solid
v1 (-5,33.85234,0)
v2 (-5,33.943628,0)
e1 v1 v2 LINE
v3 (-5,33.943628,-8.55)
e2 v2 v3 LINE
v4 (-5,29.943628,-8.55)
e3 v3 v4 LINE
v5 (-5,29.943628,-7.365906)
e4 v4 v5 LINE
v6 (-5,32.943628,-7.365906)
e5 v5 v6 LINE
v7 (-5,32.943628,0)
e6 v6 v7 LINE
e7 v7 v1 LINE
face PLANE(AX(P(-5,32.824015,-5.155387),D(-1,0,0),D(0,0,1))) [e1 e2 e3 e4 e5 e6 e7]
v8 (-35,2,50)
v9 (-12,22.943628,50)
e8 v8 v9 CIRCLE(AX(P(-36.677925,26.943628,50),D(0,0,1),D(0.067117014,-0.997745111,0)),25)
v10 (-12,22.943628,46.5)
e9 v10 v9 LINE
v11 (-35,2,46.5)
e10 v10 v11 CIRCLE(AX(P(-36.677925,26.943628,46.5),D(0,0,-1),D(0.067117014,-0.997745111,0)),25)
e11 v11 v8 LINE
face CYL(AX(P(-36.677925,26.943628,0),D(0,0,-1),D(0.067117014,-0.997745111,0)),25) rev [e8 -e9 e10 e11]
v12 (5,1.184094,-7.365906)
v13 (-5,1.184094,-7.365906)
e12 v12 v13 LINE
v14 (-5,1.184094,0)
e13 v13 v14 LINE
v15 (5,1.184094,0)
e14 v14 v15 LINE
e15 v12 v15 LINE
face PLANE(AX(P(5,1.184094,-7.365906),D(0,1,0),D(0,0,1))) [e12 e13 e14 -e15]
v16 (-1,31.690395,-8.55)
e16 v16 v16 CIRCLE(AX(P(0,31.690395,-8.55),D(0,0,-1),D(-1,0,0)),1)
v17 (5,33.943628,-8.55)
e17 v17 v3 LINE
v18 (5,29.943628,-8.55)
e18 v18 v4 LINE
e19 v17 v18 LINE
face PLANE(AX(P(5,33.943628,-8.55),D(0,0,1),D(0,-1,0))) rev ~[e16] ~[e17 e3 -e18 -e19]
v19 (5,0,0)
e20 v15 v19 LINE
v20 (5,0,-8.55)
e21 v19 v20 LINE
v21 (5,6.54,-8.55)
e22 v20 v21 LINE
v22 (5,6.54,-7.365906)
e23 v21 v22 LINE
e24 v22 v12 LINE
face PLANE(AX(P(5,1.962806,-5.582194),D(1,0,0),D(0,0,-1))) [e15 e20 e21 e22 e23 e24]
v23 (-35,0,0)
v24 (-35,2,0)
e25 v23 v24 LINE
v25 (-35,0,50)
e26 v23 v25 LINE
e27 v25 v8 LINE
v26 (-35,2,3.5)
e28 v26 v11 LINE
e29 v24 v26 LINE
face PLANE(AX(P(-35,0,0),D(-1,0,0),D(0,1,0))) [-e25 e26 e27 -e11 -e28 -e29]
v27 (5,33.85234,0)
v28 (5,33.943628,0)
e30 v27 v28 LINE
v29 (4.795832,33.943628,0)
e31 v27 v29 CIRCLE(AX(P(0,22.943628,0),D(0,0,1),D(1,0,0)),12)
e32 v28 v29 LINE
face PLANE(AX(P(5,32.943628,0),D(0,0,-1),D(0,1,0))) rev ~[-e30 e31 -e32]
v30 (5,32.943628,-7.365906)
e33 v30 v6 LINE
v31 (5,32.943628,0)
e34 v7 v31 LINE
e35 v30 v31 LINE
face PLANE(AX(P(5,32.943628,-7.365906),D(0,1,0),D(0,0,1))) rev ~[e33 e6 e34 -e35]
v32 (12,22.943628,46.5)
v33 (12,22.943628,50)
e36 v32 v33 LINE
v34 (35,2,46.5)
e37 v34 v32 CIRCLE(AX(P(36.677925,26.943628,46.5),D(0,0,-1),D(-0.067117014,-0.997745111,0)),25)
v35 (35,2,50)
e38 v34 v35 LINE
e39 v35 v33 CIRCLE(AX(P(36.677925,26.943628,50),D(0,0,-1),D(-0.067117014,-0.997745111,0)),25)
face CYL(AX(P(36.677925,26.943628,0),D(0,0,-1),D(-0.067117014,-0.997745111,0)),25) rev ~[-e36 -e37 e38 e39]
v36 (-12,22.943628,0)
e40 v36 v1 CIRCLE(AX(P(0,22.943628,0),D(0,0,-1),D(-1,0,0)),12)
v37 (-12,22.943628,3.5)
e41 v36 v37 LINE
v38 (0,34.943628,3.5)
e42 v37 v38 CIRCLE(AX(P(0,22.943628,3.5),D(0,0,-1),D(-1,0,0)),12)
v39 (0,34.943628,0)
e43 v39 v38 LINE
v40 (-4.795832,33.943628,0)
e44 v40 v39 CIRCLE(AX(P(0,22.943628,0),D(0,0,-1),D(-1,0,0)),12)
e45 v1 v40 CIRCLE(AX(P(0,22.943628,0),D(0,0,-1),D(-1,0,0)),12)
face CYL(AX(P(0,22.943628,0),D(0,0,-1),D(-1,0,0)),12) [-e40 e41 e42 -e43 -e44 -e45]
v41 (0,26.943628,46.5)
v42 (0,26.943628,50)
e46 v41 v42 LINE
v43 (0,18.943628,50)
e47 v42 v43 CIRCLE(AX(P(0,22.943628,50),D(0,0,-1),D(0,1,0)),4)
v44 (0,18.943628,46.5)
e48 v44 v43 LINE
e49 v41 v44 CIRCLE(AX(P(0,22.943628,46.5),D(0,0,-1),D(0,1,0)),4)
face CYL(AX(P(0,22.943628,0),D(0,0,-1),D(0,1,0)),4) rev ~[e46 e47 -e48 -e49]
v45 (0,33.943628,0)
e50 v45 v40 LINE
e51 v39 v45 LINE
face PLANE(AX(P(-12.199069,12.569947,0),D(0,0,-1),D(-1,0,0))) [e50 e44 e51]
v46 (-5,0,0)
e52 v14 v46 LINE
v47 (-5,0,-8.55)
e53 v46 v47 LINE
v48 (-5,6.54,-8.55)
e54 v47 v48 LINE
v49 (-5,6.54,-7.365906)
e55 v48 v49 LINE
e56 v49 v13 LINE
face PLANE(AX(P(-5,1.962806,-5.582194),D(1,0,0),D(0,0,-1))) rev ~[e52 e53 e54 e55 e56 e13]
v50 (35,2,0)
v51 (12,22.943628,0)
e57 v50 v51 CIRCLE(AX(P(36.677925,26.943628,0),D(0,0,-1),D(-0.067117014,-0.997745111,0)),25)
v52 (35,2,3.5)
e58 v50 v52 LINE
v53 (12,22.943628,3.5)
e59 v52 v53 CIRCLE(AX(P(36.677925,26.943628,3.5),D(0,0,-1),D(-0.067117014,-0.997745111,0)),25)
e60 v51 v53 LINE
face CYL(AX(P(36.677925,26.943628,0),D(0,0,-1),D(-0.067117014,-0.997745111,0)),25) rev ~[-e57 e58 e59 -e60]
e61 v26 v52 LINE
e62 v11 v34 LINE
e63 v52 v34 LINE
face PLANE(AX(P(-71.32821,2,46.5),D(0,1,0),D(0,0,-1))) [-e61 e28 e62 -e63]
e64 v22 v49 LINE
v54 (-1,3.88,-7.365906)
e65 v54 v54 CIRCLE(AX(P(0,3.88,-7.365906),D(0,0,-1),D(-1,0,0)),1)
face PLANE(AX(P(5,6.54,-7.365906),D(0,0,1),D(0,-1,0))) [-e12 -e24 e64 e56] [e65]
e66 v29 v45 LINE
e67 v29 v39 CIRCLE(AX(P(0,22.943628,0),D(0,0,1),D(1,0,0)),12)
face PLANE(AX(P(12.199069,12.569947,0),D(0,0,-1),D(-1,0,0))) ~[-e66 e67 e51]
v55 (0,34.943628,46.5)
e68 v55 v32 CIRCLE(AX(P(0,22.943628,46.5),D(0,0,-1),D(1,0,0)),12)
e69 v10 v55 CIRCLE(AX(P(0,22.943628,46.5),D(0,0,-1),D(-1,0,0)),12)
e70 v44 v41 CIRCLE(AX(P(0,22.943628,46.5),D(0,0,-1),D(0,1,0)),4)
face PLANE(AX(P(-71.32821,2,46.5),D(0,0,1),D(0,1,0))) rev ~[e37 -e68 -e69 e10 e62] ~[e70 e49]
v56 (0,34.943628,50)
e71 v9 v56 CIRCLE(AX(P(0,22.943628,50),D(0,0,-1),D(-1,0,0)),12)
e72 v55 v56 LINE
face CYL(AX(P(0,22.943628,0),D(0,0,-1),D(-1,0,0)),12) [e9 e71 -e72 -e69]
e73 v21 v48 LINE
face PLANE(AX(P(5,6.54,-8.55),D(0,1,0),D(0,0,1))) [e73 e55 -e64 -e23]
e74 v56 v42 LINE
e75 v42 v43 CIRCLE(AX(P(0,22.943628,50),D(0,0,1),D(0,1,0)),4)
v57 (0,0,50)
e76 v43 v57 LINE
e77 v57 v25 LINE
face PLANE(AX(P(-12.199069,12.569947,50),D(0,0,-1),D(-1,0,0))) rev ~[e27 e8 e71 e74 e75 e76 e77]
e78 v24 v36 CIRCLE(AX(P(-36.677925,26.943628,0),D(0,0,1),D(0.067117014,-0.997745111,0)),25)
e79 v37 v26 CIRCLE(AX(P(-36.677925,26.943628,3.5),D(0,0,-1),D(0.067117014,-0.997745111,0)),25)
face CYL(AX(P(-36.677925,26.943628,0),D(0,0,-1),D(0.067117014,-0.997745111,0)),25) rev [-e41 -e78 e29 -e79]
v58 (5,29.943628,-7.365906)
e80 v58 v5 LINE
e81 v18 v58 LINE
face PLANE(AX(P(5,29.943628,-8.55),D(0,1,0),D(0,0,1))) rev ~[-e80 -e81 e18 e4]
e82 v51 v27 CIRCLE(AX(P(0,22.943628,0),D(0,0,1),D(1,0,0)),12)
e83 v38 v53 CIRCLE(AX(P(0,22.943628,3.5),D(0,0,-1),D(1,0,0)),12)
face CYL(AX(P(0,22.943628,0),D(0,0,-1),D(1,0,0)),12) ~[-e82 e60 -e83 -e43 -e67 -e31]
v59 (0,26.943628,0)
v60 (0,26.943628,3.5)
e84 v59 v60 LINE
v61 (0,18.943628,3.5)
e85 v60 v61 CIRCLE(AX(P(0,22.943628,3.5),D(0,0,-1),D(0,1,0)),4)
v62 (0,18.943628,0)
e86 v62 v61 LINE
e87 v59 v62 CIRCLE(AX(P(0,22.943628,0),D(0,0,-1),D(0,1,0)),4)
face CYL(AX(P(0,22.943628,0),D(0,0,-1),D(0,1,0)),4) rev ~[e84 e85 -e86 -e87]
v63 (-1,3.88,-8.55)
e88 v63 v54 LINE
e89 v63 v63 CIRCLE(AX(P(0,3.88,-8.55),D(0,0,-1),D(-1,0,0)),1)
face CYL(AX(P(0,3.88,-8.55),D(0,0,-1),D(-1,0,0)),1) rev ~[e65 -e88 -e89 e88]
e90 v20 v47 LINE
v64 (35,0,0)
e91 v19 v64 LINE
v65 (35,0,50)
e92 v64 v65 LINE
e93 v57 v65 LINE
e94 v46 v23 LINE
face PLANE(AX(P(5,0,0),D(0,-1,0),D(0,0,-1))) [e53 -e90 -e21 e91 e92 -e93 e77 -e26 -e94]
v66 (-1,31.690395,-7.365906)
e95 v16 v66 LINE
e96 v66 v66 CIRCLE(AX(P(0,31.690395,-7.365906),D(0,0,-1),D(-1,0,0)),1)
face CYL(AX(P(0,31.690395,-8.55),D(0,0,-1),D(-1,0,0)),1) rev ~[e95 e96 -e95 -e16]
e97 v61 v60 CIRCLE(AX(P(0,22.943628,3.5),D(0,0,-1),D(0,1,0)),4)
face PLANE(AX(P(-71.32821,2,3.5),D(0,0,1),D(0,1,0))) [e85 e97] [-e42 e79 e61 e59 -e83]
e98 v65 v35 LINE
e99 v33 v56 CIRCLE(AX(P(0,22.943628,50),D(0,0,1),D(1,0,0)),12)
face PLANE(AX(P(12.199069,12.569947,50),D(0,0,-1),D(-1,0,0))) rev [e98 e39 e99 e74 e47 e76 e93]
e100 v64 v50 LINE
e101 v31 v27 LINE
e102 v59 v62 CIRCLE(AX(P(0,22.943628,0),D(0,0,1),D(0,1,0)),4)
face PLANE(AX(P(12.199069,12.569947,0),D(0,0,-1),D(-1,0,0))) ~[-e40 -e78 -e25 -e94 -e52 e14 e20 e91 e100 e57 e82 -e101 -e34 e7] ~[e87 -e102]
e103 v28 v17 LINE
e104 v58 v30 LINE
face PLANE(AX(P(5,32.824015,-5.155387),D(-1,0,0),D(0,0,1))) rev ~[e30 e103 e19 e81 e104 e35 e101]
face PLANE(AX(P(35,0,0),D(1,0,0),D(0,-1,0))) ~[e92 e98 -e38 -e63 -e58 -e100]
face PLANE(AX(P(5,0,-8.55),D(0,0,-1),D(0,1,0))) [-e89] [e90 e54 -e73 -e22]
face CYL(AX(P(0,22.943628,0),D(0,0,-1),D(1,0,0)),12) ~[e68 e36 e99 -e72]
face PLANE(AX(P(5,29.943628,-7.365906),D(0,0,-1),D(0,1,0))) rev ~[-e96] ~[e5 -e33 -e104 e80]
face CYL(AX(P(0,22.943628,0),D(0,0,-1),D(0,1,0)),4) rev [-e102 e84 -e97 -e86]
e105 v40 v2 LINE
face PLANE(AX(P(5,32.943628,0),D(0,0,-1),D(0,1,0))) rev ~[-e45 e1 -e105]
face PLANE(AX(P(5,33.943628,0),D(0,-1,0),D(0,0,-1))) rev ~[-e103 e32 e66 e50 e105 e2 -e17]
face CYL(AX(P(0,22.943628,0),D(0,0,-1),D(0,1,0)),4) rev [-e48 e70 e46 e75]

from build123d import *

# Parameters (mm, degrees)
BOSS_EXTRUDE1_DEPTH      = 50
CUT_EXTRUDE1_DEPTH       = 71.328210001
CUT_EXTRUDE1_DEPTH_BACK  = 71.328210001
SKETCH3_W                = 43
SKETCH3_H                = 41.467755669
BOSS_EXTRUDE3_DEPTH      = 5
BOSS_EXTRUDE3_DEPTH_BACK = 5
CUT_EXTRUDE2_REACH       = 78.643
SKETCH6_R                = 1


with BuildPart() as part:
    # Sketch1 → Boss-Extrude1 (new body)
    with BuildSketch(Plane.XY):
        with BuildLine():
            Line((0, 34.943627773), (0, 26.943627773))
            ThreePointArc((0, 26.943627773), (-4, 22.943627773), (0, 18.943627773))
            Line((0, 18.943627773), (0, 0))
            Line((0, 0), (-35, 0))
            Line((-35, 0), (-35, 2))
            ThreePointArc((-35, 2), (-19.845914105, 8.458947707), (-12, 22.943627773))
            ThreePointArc((-12, 22.943627773), (-8.485281374, 31.428909148), (0, 34.943627773))
        make_face()
    boss_extrude1 = extrude(amount=BOSS_EXTRUDE1_DEPTH)

    # Mirror1: Boss-Extrude1 across plane
    add(boss_extrude1.mirror(Plane(origin=(0, 18.943627773, 50), x_dir=(0, 0, 1), z_dir=(-1, 0, 0))))

    # Sketch3 → Cut-Extrude1 (cut, two sides: drawn at the far end of the back side and taken through both)
    with BuildSketch(Plane(origin=(0, 0, 0), x_dir=(0, 0, -1), z_dir=(1, 0, 0)).offset(-CUT_EXTRUDE1_DEPTH_BACK)):
        with Locations((-25, 22.733877835)):
            Rectangle(SKETCH3_W, SKETCH3_H)
    extrude(amount=CUT_EXTRUDE1_DEPTH + CUT_EXTRUDE1_DEPTH_BACK, mode=Mode.SUBTRACT)

    # Sketch5 → Boss-Extrude3 (add, two sides: drawn at the far end of the back side and taken through both)
    with BuildSketch(Plane.ZY.offset(-BOSS_EXTRUDE3_DEPTH_BACK)):
        Polygon((-7.365906047, 6.54), (-7.365906047, 1.184093953), (0, 1.184093953), (0, 0), (-8.55, 0), (-8.55, 6.54), align=None)
        Polygon((0, 32.943627773), (0, 33.943627773), (-8.55, 33.943627773), (-8.55, 29.943627773), (-7.365906047, 29.943627773), (-7.365906047, 32.943627773), align=None)
    extrude(amount=BOSS_EXTRUDE3_DEPTH + BOSS_EXTRUDE3_DEPTH_BACK)

    # Sketch6 → Cut-Extrude2 (cut, up to next)
    with BuildSketch(Plane(origin=(0, 0, -8.55), x_dir=(-1, 0, 0), z_dir=(0, 0, -1)), mode=Mode.PRIVATE) as cut_extrude2_sk1:
        with Locations((0, 3.88)):
            Circle(SKETCH6_R)
    cut_extrude2_tool1 = extrude(cut_extrude2_sk1.sketch, amount=-CUT_EXTRUDE2_REACH, mode=Mode.PRIVATE) & part.part
    # Sketch6 → Cut-Extrude2 (cut, up to next)
    with BuildSketch(Plane(origin=(0, 0, -8.55), x_dir=(-1, 0, 0), z_dir=(0, 0, -1)), mode=Mode.PRIVATE) as cut_extrude2_sk2:
        with Locations((0, 31.690394603)):
            Circle(SKETCH6_R)
    cut_extrude2_tool2 = extrude(cut_extrude2_sk2.sketch, amount=-CUT_EXTRUDE2_REACH, mode=Mode.PRIVATE) & part.part
    add(cut_extrude2_tool1.solids().sort_by_distance((0, 3.88, -8.55))[0], mode=Mode.SUBTRACT)
    add(cut_extrude2_tool2.solids().sort_by_distance((0, 31.690395, -8.55))[0], mode=Mode.SUBTRACT)


solid = part.part
